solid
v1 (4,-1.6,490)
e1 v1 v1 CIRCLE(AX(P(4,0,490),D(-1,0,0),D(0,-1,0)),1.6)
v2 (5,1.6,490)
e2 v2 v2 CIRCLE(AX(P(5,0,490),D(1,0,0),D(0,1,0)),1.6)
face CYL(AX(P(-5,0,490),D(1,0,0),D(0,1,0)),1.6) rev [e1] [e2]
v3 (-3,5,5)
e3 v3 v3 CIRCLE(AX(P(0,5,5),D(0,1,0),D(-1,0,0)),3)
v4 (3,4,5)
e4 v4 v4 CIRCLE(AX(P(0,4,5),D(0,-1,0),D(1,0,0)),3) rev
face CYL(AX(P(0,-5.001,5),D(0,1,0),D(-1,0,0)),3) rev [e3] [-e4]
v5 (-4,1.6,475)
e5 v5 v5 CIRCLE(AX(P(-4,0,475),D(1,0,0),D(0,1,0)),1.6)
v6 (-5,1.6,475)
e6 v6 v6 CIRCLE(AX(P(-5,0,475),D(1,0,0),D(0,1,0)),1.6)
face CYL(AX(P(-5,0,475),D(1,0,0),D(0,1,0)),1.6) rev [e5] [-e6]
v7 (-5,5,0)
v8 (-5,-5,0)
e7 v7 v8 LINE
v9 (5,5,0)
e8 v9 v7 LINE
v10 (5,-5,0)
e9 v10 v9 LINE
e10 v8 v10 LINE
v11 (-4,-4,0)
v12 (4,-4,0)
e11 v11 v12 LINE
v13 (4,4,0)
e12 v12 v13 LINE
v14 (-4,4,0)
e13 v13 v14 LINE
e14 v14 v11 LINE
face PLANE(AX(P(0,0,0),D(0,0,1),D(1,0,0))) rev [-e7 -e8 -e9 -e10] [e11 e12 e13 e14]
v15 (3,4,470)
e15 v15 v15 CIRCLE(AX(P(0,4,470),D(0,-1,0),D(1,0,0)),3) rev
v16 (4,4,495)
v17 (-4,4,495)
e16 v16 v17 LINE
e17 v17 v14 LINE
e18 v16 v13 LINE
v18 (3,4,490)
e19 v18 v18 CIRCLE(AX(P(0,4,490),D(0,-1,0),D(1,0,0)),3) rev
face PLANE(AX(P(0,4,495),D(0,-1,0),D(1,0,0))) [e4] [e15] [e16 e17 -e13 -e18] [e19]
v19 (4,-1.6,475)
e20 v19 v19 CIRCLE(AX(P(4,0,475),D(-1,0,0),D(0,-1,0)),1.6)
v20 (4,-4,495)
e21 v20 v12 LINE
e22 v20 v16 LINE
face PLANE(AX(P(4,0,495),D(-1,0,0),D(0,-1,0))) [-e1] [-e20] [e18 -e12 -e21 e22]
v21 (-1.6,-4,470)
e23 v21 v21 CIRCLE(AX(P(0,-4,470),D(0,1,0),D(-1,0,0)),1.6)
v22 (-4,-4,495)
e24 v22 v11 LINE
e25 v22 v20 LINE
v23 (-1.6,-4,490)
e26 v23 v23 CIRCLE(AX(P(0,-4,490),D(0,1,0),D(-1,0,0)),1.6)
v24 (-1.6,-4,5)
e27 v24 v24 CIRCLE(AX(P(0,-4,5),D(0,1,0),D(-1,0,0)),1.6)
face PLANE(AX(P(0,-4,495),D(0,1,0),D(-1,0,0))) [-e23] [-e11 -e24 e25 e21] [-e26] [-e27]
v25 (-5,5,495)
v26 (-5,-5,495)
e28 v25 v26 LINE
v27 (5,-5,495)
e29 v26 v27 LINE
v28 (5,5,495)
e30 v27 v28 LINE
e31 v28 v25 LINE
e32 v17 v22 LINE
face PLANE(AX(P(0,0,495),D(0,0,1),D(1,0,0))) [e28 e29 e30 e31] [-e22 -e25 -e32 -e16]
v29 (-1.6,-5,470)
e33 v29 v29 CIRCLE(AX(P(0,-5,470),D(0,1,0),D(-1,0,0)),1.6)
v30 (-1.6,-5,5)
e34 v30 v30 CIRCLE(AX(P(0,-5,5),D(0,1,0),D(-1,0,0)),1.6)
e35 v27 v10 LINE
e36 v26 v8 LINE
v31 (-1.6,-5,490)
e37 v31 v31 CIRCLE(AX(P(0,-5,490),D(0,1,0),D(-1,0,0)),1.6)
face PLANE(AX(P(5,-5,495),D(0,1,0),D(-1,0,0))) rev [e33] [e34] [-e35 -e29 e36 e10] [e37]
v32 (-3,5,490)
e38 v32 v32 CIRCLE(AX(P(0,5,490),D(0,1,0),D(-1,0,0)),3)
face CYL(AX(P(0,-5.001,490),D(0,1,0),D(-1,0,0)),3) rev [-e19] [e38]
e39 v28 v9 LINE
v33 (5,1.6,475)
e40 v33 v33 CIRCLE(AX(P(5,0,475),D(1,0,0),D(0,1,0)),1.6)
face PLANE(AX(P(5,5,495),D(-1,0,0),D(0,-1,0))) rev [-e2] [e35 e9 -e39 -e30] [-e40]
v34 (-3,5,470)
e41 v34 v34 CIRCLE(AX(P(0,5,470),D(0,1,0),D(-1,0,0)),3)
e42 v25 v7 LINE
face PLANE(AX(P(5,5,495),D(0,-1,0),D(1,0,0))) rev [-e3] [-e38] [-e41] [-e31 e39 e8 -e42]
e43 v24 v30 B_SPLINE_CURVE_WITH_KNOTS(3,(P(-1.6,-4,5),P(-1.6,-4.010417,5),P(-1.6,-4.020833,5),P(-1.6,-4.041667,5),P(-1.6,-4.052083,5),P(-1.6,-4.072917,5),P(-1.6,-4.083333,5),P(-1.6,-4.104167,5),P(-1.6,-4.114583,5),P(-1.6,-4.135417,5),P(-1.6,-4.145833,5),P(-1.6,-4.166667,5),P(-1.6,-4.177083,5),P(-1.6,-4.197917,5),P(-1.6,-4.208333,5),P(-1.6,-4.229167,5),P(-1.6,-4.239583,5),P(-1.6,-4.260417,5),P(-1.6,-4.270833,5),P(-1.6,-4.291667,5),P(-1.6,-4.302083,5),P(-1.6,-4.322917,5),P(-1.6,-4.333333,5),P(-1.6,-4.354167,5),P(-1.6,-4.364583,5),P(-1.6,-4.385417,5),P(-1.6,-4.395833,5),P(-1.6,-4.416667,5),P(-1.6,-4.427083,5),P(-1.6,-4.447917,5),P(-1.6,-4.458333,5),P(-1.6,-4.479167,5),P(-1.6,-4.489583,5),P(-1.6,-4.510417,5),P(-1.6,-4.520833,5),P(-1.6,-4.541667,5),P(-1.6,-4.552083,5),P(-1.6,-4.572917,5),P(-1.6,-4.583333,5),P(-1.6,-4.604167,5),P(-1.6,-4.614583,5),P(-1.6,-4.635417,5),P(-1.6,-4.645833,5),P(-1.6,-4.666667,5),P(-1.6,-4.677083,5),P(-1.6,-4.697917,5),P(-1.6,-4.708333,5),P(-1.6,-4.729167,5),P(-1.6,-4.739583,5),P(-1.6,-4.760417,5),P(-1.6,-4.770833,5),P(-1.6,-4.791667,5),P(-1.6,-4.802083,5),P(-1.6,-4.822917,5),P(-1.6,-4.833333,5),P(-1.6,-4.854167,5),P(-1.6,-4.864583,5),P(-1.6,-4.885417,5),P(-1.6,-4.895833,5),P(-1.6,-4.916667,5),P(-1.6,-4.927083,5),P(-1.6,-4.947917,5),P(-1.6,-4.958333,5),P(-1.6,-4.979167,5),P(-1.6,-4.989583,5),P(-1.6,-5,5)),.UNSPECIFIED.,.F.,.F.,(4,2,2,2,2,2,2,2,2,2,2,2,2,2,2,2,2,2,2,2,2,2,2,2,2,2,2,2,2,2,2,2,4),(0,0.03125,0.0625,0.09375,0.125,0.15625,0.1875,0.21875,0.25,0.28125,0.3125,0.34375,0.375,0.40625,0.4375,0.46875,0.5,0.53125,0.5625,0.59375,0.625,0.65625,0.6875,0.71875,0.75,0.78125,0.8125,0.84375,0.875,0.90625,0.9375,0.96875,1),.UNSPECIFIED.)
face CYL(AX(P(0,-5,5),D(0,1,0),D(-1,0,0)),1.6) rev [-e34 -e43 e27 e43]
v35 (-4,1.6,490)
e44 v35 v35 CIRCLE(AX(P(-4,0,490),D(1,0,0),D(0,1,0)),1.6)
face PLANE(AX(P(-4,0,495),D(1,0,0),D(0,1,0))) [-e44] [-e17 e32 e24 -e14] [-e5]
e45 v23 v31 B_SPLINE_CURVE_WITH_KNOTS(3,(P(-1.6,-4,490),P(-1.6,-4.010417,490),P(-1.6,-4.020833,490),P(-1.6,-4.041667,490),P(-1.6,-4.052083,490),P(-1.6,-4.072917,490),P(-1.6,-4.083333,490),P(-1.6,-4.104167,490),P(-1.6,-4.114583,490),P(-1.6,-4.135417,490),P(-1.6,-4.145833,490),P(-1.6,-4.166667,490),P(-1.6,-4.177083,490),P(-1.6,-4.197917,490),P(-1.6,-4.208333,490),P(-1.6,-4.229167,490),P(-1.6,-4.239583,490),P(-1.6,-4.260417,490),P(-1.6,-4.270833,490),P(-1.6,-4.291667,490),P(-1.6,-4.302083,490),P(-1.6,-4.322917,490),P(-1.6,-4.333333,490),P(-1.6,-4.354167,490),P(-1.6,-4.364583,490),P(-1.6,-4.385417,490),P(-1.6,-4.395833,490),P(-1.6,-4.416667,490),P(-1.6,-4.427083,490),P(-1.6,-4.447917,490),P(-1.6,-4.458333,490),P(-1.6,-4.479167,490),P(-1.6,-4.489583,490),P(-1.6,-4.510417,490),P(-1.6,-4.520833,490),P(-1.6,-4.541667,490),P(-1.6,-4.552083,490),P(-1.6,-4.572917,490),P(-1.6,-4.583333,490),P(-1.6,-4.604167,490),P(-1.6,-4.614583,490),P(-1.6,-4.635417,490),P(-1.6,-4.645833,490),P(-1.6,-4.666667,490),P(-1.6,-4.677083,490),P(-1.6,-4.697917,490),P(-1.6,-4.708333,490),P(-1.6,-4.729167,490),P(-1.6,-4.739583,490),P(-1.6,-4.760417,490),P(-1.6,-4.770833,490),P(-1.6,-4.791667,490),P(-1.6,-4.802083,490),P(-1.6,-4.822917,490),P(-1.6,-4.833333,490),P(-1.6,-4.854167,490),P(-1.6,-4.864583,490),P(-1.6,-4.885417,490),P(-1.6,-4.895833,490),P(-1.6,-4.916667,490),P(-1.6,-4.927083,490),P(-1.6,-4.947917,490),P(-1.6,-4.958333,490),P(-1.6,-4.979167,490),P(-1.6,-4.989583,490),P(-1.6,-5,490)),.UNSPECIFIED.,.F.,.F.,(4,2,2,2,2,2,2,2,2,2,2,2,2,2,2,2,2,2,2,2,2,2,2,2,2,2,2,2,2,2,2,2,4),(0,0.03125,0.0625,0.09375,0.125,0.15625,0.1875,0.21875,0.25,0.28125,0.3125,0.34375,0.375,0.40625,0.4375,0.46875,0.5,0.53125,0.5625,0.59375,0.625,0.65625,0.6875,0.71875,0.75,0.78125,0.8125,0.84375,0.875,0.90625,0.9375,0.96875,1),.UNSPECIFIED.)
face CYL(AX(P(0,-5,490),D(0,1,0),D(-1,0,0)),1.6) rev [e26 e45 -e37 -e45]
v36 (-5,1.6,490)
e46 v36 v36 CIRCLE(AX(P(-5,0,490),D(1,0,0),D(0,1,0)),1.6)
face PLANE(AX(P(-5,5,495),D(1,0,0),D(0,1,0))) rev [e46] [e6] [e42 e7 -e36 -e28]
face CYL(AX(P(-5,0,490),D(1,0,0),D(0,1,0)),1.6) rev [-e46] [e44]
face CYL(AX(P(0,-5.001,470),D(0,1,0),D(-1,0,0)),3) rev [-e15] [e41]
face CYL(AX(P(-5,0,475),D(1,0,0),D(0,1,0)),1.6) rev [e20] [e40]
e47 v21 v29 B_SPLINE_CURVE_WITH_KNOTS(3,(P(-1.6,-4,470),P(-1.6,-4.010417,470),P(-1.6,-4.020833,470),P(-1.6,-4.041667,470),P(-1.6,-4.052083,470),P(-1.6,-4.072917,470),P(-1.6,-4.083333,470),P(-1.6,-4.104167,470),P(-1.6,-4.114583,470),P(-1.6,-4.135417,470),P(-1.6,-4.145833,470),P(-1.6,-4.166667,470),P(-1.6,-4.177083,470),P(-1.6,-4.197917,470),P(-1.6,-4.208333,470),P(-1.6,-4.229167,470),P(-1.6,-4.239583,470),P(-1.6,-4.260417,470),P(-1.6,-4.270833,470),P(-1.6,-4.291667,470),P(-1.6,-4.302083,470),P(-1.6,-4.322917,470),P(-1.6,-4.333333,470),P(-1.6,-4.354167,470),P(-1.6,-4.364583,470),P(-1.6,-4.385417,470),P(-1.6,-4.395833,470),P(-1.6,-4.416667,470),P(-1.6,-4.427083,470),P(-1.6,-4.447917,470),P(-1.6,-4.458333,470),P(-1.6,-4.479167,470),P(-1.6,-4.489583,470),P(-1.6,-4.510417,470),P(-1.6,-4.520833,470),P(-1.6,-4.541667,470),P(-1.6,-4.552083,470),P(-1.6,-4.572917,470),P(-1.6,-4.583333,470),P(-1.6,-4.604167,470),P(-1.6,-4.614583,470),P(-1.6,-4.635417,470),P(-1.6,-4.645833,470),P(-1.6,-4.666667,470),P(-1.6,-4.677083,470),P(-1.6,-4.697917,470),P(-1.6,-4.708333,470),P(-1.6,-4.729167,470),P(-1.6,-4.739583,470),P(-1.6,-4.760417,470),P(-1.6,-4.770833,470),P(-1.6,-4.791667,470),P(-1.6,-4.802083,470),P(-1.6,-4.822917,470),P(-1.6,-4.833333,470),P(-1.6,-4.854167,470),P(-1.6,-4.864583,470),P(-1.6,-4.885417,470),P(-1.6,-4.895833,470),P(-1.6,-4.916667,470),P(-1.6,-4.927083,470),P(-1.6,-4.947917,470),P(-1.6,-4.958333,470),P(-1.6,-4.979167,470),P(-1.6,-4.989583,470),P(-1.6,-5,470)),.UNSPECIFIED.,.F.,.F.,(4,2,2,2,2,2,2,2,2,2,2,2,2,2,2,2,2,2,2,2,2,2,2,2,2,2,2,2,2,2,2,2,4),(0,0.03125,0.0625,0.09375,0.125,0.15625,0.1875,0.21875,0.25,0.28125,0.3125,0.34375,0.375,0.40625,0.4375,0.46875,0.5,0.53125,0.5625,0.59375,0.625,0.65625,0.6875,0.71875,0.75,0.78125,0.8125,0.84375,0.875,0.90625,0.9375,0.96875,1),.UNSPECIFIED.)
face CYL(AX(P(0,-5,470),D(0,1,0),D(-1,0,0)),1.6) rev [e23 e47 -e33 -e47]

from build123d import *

# Parameters (mm, degrees)
SKETCH_1_W          = 10
SKETCH_1_H          = 10
SKETCH_1_W_2        = 8
SKETCH_1_H_2        = 8
EXTRUDE_1_DEPTH     = 495
SKETCH_2_R          = 1.6
CUT_EXTRUDE_1_DEPTH = 496.126246527
CUT_EXTRUDE_2_REACH = 497.126
SKETCH_3_R          = 3
SKETCH_8_R          = 1.6
CUT_EXTRUDE_7_DEPTH = 496.126246527


with BuildPart() as part:
    # ｽｹｯﾁ1 → 押し出し-薄板1 (new body)
    with BuildSketch(Plane.XY):
        Rectangle(SKETCH_1_W, SKETCH_1_H)
        Rectangle(SKETCH_1_W_2, SKETCH_1_H_2, mode=Mode.SUBTRACT)
    extrude(amount=EXTRUDE_1_DEPTH)

    # ｽｹｯﾁ2 → ｶｯﾄ - 押し出し1 (cut, through all)
    with BuildSketch(Plane(origin=(0, 5, 0), x_dir=(1, 0, 0), z_dir=(0, 1, 0))):
        with Locations(Location((0, -5, 0), (0, 0, 180))):
            Circle(SKETCH_2_R)
        with Locations(Location((0, -490, 0), (0, 0, 180))):
            Circle(SKETCH_2_R)
        with Locations(Location((0, -470, 0), (0, 0, 180))):
            Circle(SKETCH_2_R)
    extrude(amount=-CUT_EXTRUDE_1_DEPTH, mode=Mode.SUBTRACT)

    # ｽｹｯﾁ3 → ｶｯﾄ - 押し出し2 (cut, up to next)
    with BuildSketch(Plane(origin=(0, 5, 0), x_dir=(1, 0, 0), z_dir=(0, 1, 0)), mode=Mode.PRIVATE) as cut_extrude_2_sk1:
        with Locations(Location((0, -5, 0), (0, 0, 180))):
            Circle(SKETCH_3_R)
    cut_extrude_2_tool1 = extrude(cut_extrude_2_sk1.sketch, amount=-CUT_EXTRUDE_2_REACH, mode=Mode.PRIVATE) & part.part
    # ｽｹｯﾁ3 → ｶｯﾄ - 押し出し2 (cut, up to next)
    with BuildSketch(Plane(origin=(0, 5, 0), x_dir=(1, 0, 0), z_dir=(0, 1, 0)), mode=Mode.PRIVATE) as cut_extrude_2_sk2:
        with Locations(Location((0, -490, 0), (0, 0, 180))):
            Circle(SKETCH_3_R)
    cut_extrude_2_tool2 = extrude(cut_extrude_2_sk2.sketch, amount=-CUT_EXTRUDE_2_REACH, mode=Mode.PRIVATE) & part.part
    # ｽｹｯﾁ3 → ｶｯﾄ - 押し出し2 (cut, up to next)
    with BuildSketch(Plane(origin=(0, 5, 0), x_dir=(1, 0, 0), z_dir=(0, 1, 0)), mode=Mode.PRIVATE) as cut_extrude_2_sk3:
        with Locations(Location((0, -470, 0), (0, 0, 180))):
            Circle(SKETCH_3_R)
    cut_extrude_2_tool3 = extrude(cut_extrude_2_sk3.sketch, amount=-CUT_EXTRUDE_2_REACH, mode=Mode.PRIVATE) & part.part
    add(cut_extrude_2_tool1.solids().sort_by_distance((0, 5, 5))[0], mode=Mode.SUBTRACT)
    add(cut_extrude_2_tool2.solids().sort_by_distance((0, 5, 490))[0], mode=Mode.SUBTRACT)
    add(cut_extrude_2_tool3.solids().sort_by_distance((0, 5, 470))[0], mode=Mode.SUBTRACT)

    # ｽｹｯﾁ8 → ｶｯﾄ - 押し出し7 (cut, through all)
    with BuildSketch(Plane(origin=(5, 0, 0), x_dir=(0, 0, -1), z_dir=(1, 0, 0))):
        with Locations(Location((-490, 0, 0), (0, 0, 90))):
            Circle(SKETCH_8_R)
        with Locations(Location((-475, 0, 0), (0, 0, 90))):
            Circle(SKETCH_8_R)
    extrude(amount=-CUT_EXTRUDE_7_DEPTH, mode=Mode.SUBTRACT)


solid = part.part
